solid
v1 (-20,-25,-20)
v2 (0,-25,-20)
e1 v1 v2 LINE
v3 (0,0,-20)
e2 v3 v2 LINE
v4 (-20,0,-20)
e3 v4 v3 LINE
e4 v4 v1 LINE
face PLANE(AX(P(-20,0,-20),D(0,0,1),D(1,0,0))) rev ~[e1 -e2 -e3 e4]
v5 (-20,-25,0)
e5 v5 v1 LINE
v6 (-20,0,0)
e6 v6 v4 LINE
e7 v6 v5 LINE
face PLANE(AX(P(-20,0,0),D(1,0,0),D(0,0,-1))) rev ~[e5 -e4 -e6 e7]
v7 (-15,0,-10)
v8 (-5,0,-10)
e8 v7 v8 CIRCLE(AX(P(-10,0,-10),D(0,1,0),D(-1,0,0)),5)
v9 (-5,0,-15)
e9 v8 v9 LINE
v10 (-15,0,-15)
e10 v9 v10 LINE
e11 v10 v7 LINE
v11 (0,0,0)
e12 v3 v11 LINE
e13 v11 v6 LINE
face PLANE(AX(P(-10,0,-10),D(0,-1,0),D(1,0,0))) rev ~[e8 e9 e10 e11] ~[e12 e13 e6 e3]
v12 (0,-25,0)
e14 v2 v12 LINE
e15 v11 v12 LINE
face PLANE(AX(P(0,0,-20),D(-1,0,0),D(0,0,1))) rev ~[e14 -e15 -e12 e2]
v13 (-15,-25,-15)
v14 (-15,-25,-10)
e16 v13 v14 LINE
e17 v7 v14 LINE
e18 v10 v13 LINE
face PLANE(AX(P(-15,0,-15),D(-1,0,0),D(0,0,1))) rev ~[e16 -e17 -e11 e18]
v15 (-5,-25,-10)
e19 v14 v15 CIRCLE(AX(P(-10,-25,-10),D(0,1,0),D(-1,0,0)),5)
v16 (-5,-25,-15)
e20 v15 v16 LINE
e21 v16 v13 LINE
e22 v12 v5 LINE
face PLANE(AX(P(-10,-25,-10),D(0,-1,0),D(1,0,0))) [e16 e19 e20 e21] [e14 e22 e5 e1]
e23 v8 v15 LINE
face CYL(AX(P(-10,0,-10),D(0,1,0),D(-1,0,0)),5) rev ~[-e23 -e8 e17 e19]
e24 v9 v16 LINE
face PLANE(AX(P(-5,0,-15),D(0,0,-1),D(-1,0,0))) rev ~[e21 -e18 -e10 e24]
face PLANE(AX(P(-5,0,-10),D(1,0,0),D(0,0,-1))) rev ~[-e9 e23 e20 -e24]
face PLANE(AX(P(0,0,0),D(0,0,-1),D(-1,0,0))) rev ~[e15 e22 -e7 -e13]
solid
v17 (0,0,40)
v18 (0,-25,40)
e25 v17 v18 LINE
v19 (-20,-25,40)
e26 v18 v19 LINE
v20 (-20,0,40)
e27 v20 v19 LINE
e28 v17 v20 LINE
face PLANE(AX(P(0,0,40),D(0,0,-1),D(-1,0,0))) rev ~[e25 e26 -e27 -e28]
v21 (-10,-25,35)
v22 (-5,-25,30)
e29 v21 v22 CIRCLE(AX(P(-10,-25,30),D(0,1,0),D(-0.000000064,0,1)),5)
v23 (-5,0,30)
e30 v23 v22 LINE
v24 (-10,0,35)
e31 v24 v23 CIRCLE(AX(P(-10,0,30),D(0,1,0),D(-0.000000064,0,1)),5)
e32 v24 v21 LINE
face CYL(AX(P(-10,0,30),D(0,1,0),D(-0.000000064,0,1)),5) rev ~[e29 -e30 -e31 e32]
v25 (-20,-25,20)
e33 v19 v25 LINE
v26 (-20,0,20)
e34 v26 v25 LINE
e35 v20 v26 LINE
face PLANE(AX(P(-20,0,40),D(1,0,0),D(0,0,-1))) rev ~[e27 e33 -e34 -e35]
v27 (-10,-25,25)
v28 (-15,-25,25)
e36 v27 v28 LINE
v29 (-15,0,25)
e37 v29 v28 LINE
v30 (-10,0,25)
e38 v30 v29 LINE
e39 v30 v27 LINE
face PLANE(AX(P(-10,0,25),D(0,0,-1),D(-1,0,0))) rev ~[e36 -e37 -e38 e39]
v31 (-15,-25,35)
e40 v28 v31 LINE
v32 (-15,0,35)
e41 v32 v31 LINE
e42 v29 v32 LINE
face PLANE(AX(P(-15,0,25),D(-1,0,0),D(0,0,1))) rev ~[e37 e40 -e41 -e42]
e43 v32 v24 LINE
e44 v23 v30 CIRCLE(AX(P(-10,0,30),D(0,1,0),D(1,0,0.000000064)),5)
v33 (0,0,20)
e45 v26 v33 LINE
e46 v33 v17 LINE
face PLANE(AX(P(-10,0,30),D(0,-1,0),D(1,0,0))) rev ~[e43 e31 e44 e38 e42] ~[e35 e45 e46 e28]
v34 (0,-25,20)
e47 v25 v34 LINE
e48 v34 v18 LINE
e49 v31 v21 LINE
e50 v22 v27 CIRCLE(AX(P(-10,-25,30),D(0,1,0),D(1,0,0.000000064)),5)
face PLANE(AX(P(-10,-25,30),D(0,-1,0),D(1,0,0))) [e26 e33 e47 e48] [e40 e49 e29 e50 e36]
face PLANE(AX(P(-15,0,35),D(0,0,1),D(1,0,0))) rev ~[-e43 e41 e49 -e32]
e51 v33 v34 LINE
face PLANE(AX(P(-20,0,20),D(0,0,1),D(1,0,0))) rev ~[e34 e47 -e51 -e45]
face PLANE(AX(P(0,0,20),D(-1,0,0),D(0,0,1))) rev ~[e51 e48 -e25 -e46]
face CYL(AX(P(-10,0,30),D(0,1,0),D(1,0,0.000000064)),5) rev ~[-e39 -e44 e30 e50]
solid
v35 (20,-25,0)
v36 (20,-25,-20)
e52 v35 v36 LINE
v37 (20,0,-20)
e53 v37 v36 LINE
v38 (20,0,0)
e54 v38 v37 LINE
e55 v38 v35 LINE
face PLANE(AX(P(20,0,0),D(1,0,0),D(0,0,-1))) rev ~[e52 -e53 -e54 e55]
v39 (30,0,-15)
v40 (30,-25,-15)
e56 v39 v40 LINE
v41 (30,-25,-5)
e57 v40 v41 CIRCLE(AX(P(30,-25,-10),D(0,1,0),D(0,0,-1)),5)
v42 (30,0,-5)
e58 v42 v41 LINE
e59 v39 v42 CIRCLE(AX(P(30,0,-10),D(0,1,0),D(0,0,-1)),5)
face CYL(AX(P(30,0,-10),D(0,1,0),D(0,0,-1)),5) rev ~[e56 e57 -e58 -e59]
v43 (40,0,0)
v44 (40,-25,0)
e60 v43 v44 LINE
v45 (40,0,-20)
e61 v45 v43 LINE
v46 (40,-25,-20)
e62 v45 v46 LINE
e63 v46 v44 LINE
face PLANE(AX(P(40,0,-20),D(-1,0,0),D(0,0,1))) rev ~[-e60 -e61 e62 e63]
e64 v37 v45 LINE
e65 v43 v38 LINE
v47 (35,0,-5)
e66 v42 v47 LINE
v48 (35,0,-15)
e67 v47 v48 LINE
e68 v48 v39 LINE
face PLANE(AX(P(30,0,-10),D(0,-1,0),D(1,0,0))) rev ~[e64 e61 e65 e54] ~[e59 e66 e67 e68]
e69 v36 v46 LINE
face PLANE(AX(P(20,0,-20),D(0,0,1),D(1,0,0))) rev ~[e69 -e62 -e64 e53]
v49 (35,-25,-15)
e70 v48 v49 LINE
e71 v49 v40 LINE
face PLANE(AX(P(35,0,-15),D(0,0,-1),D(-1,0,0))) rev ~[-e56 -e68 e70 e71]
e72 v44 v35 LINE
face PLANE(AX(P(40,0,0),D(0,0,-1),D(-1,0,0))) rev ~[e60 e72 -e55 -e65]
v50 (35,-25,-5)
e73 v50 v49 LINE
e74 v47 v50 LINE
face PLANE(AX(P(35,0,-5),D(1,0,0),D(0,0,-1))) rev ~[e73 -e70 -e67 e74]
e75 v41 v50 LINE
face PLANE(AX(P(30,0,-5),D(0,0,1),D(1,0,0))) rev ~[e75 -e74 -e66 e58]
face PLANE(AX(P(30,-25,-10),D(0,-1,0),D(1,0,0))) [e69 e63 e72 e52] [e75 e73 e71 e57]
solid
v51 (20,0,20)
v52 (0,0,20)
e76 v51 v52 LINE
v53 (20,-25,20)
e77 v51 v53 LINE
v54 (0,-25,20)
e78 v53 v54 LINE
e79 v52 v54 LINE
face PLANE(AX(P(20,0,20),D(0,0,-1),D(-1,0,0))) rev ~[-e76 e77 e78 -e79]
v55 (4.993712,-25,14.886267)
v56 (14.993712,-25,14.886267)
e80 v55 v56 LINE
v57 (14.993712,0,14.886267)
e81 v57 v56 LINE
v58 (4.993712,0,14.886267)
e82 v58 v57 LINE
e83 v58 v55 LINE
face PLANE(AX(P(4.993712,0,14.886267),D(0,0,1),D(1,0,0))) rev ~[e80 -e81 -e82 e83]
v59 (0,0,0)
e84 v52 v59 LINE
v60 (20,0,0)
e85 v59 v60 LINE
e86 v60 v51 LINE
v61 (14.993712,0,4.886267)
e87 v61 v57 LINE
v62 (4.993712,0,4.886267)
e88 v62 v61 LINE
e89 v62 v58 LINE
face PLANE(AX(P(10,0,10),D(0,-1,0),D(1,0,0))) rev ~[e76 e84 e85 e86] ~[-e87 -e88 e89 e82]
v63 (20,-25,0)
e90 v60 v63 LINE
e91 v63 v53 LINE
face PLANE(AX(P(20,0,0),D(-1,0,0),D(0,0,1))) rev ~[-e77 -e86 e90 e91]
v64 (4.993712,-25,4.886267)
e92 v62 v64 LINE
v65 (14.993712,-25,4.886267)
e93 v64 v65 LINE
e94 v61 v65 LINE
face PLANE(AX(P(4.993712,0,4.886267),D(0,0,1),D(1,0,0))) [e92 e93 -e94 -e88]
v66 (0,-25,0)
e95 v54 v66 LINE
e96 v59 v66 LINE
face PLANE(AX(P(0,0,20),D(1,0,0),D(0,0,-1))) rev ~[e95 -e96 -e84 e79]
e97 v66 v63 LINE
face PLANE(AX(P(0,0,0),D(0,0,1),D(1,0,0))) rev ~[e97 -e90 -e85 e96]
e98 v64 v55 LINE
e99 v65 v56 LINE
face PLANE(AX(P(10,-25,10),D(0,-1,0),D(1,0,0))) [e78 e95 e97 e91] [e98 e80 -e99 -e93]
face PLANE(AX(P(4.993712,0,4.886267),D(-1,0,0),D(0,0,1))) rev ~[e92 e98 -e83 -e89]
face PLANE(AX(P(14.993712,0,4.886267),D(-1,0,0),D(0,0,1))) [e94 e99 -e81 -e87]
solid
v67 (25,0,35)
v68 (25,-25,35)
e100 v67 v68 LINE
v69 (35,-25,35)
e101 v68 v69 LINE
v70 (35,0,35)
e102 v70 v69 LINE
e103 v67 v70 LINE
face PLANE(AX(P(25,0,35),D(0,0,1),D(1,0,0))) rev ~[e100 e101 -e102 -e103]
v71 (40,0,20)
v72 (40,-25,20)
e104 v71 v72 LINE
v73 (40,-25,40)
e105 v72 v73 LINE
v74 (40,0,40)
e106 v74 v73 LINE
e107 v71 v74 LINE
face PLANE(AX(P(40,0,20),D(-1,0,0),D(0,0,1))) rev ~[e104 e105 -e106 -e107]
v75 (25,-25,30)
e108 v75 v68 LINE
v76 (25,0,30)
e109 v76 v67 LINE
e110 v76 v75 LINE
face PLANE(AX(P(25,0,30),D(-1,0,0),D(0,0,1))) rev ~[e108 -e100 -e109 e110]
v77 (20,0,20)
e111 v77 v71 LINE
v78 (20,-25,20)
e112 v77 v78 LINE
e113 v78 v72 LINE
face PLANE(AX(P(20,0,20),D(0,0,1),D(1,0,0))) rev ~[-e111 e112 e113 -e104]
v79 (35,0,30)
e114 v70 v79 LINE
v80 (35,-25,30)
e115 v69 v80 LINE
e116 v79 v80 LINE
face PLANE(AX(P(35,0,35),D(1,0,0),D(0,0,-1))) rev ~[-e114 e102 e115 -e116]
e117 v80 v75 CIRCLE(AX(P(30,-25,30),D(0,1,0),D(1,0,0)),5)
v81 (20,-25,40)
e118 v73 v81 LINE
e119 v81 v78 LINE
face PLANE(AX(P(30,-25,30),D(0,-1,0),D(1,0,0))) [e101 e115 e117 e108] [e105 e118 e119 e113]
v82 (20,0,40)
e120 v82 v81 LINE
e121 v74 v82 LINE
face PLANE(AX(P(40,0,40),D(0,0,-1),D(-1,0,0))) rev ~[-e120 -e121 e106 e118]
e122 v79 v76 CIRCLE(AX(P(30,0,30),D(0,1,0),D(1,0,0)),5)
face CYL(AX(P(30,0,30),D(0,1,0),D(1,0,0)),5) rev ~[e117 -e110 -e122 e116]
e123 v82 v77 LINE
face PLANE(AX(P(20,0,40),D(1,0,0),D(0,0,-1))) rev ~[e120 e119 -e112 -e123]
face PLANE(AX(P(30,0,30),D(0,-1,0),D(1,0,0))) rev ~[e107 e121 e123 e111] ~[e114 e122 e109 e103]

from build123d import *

# Parameters (mm, degrees)
F0_W     = 10
F0_H     = 10
F1_DEPTH = 25


with BuildPart() as f1:
    # F0 (on Front) → F1 (new body)
    with BuildSketch(Plane.XZ):
        Polygon((0, 10), (0, 0), (20, 0), (20, 10), (20, 20), (0, 20), align=None)
        with Locations((9.993712, 9.886267)):
            Rectangle(F0_W, F0_H, mode=Mode.SUBTRACT)
        Polygon((-20, 20), (0, 20), (0, 30), (0, 40), (-20, 40), align=None)
        with BuildLine():
            Line((-15, 30), (-15, 35))
            Line((-15, 35), (-10, 35))
            ThreePointArc((-10, 35), (-6.464466, 33.535534), (-5, 30))
            ThreePointArc((-5, 30), (-6.464466, 26.464466), (-10, 25))
            Line((-10, 25), (-15, 25))
            Line((-15, 25), (-15, 30))
        make_face(mode=Mode.SUBTRACT)
        Polygon((20, 30), (20, 20), (40, 20), (40, 40), (20, 40), align=None)
        with BuildLine():
            Line((30, 35), (35, 35))
            Line((35, 35), (35, 30))
            ThreePointArc((35, 30), (30, 25), (25, 30))
            Line((25, 30), (25, 35))
            Line((25, 35), (30, 35))
        make_face(mode=Mode.SUBTRACT)
        Polygon((40, 0), (20, 0), (20, -10), (20, -20), (40, -20), align=None)
        with BuildLine():
            ThreePointArc((30, -15), (25, -10), (30, -5))
            Line((30, -5), (35, -5))
            Line((35, -5), (35, -10))
            Line((35, -10), (35, -15))
            Line((35, -15), (30, -15))
        make_face(mode=Mode.SUBTRACT)
        Polygon((0, -10), (0, 0), (-20, 0), (-20, -20), (0, -20), align=None)
        with BuildLine():
            Line((-10, -15), (-15, -15))
            Line((-15, -15), (-15, -10))
            ThreePointArc((-15, -10), (-10, -5), (-5, -10))
            Line((-5, -10), (-5, -15))
            Line((-5, -15), (-10, -15))
        make_face(mode=Mode.SUBTRACT)
    extrude(amount=F1_DEPTH)


solid = f1.part
